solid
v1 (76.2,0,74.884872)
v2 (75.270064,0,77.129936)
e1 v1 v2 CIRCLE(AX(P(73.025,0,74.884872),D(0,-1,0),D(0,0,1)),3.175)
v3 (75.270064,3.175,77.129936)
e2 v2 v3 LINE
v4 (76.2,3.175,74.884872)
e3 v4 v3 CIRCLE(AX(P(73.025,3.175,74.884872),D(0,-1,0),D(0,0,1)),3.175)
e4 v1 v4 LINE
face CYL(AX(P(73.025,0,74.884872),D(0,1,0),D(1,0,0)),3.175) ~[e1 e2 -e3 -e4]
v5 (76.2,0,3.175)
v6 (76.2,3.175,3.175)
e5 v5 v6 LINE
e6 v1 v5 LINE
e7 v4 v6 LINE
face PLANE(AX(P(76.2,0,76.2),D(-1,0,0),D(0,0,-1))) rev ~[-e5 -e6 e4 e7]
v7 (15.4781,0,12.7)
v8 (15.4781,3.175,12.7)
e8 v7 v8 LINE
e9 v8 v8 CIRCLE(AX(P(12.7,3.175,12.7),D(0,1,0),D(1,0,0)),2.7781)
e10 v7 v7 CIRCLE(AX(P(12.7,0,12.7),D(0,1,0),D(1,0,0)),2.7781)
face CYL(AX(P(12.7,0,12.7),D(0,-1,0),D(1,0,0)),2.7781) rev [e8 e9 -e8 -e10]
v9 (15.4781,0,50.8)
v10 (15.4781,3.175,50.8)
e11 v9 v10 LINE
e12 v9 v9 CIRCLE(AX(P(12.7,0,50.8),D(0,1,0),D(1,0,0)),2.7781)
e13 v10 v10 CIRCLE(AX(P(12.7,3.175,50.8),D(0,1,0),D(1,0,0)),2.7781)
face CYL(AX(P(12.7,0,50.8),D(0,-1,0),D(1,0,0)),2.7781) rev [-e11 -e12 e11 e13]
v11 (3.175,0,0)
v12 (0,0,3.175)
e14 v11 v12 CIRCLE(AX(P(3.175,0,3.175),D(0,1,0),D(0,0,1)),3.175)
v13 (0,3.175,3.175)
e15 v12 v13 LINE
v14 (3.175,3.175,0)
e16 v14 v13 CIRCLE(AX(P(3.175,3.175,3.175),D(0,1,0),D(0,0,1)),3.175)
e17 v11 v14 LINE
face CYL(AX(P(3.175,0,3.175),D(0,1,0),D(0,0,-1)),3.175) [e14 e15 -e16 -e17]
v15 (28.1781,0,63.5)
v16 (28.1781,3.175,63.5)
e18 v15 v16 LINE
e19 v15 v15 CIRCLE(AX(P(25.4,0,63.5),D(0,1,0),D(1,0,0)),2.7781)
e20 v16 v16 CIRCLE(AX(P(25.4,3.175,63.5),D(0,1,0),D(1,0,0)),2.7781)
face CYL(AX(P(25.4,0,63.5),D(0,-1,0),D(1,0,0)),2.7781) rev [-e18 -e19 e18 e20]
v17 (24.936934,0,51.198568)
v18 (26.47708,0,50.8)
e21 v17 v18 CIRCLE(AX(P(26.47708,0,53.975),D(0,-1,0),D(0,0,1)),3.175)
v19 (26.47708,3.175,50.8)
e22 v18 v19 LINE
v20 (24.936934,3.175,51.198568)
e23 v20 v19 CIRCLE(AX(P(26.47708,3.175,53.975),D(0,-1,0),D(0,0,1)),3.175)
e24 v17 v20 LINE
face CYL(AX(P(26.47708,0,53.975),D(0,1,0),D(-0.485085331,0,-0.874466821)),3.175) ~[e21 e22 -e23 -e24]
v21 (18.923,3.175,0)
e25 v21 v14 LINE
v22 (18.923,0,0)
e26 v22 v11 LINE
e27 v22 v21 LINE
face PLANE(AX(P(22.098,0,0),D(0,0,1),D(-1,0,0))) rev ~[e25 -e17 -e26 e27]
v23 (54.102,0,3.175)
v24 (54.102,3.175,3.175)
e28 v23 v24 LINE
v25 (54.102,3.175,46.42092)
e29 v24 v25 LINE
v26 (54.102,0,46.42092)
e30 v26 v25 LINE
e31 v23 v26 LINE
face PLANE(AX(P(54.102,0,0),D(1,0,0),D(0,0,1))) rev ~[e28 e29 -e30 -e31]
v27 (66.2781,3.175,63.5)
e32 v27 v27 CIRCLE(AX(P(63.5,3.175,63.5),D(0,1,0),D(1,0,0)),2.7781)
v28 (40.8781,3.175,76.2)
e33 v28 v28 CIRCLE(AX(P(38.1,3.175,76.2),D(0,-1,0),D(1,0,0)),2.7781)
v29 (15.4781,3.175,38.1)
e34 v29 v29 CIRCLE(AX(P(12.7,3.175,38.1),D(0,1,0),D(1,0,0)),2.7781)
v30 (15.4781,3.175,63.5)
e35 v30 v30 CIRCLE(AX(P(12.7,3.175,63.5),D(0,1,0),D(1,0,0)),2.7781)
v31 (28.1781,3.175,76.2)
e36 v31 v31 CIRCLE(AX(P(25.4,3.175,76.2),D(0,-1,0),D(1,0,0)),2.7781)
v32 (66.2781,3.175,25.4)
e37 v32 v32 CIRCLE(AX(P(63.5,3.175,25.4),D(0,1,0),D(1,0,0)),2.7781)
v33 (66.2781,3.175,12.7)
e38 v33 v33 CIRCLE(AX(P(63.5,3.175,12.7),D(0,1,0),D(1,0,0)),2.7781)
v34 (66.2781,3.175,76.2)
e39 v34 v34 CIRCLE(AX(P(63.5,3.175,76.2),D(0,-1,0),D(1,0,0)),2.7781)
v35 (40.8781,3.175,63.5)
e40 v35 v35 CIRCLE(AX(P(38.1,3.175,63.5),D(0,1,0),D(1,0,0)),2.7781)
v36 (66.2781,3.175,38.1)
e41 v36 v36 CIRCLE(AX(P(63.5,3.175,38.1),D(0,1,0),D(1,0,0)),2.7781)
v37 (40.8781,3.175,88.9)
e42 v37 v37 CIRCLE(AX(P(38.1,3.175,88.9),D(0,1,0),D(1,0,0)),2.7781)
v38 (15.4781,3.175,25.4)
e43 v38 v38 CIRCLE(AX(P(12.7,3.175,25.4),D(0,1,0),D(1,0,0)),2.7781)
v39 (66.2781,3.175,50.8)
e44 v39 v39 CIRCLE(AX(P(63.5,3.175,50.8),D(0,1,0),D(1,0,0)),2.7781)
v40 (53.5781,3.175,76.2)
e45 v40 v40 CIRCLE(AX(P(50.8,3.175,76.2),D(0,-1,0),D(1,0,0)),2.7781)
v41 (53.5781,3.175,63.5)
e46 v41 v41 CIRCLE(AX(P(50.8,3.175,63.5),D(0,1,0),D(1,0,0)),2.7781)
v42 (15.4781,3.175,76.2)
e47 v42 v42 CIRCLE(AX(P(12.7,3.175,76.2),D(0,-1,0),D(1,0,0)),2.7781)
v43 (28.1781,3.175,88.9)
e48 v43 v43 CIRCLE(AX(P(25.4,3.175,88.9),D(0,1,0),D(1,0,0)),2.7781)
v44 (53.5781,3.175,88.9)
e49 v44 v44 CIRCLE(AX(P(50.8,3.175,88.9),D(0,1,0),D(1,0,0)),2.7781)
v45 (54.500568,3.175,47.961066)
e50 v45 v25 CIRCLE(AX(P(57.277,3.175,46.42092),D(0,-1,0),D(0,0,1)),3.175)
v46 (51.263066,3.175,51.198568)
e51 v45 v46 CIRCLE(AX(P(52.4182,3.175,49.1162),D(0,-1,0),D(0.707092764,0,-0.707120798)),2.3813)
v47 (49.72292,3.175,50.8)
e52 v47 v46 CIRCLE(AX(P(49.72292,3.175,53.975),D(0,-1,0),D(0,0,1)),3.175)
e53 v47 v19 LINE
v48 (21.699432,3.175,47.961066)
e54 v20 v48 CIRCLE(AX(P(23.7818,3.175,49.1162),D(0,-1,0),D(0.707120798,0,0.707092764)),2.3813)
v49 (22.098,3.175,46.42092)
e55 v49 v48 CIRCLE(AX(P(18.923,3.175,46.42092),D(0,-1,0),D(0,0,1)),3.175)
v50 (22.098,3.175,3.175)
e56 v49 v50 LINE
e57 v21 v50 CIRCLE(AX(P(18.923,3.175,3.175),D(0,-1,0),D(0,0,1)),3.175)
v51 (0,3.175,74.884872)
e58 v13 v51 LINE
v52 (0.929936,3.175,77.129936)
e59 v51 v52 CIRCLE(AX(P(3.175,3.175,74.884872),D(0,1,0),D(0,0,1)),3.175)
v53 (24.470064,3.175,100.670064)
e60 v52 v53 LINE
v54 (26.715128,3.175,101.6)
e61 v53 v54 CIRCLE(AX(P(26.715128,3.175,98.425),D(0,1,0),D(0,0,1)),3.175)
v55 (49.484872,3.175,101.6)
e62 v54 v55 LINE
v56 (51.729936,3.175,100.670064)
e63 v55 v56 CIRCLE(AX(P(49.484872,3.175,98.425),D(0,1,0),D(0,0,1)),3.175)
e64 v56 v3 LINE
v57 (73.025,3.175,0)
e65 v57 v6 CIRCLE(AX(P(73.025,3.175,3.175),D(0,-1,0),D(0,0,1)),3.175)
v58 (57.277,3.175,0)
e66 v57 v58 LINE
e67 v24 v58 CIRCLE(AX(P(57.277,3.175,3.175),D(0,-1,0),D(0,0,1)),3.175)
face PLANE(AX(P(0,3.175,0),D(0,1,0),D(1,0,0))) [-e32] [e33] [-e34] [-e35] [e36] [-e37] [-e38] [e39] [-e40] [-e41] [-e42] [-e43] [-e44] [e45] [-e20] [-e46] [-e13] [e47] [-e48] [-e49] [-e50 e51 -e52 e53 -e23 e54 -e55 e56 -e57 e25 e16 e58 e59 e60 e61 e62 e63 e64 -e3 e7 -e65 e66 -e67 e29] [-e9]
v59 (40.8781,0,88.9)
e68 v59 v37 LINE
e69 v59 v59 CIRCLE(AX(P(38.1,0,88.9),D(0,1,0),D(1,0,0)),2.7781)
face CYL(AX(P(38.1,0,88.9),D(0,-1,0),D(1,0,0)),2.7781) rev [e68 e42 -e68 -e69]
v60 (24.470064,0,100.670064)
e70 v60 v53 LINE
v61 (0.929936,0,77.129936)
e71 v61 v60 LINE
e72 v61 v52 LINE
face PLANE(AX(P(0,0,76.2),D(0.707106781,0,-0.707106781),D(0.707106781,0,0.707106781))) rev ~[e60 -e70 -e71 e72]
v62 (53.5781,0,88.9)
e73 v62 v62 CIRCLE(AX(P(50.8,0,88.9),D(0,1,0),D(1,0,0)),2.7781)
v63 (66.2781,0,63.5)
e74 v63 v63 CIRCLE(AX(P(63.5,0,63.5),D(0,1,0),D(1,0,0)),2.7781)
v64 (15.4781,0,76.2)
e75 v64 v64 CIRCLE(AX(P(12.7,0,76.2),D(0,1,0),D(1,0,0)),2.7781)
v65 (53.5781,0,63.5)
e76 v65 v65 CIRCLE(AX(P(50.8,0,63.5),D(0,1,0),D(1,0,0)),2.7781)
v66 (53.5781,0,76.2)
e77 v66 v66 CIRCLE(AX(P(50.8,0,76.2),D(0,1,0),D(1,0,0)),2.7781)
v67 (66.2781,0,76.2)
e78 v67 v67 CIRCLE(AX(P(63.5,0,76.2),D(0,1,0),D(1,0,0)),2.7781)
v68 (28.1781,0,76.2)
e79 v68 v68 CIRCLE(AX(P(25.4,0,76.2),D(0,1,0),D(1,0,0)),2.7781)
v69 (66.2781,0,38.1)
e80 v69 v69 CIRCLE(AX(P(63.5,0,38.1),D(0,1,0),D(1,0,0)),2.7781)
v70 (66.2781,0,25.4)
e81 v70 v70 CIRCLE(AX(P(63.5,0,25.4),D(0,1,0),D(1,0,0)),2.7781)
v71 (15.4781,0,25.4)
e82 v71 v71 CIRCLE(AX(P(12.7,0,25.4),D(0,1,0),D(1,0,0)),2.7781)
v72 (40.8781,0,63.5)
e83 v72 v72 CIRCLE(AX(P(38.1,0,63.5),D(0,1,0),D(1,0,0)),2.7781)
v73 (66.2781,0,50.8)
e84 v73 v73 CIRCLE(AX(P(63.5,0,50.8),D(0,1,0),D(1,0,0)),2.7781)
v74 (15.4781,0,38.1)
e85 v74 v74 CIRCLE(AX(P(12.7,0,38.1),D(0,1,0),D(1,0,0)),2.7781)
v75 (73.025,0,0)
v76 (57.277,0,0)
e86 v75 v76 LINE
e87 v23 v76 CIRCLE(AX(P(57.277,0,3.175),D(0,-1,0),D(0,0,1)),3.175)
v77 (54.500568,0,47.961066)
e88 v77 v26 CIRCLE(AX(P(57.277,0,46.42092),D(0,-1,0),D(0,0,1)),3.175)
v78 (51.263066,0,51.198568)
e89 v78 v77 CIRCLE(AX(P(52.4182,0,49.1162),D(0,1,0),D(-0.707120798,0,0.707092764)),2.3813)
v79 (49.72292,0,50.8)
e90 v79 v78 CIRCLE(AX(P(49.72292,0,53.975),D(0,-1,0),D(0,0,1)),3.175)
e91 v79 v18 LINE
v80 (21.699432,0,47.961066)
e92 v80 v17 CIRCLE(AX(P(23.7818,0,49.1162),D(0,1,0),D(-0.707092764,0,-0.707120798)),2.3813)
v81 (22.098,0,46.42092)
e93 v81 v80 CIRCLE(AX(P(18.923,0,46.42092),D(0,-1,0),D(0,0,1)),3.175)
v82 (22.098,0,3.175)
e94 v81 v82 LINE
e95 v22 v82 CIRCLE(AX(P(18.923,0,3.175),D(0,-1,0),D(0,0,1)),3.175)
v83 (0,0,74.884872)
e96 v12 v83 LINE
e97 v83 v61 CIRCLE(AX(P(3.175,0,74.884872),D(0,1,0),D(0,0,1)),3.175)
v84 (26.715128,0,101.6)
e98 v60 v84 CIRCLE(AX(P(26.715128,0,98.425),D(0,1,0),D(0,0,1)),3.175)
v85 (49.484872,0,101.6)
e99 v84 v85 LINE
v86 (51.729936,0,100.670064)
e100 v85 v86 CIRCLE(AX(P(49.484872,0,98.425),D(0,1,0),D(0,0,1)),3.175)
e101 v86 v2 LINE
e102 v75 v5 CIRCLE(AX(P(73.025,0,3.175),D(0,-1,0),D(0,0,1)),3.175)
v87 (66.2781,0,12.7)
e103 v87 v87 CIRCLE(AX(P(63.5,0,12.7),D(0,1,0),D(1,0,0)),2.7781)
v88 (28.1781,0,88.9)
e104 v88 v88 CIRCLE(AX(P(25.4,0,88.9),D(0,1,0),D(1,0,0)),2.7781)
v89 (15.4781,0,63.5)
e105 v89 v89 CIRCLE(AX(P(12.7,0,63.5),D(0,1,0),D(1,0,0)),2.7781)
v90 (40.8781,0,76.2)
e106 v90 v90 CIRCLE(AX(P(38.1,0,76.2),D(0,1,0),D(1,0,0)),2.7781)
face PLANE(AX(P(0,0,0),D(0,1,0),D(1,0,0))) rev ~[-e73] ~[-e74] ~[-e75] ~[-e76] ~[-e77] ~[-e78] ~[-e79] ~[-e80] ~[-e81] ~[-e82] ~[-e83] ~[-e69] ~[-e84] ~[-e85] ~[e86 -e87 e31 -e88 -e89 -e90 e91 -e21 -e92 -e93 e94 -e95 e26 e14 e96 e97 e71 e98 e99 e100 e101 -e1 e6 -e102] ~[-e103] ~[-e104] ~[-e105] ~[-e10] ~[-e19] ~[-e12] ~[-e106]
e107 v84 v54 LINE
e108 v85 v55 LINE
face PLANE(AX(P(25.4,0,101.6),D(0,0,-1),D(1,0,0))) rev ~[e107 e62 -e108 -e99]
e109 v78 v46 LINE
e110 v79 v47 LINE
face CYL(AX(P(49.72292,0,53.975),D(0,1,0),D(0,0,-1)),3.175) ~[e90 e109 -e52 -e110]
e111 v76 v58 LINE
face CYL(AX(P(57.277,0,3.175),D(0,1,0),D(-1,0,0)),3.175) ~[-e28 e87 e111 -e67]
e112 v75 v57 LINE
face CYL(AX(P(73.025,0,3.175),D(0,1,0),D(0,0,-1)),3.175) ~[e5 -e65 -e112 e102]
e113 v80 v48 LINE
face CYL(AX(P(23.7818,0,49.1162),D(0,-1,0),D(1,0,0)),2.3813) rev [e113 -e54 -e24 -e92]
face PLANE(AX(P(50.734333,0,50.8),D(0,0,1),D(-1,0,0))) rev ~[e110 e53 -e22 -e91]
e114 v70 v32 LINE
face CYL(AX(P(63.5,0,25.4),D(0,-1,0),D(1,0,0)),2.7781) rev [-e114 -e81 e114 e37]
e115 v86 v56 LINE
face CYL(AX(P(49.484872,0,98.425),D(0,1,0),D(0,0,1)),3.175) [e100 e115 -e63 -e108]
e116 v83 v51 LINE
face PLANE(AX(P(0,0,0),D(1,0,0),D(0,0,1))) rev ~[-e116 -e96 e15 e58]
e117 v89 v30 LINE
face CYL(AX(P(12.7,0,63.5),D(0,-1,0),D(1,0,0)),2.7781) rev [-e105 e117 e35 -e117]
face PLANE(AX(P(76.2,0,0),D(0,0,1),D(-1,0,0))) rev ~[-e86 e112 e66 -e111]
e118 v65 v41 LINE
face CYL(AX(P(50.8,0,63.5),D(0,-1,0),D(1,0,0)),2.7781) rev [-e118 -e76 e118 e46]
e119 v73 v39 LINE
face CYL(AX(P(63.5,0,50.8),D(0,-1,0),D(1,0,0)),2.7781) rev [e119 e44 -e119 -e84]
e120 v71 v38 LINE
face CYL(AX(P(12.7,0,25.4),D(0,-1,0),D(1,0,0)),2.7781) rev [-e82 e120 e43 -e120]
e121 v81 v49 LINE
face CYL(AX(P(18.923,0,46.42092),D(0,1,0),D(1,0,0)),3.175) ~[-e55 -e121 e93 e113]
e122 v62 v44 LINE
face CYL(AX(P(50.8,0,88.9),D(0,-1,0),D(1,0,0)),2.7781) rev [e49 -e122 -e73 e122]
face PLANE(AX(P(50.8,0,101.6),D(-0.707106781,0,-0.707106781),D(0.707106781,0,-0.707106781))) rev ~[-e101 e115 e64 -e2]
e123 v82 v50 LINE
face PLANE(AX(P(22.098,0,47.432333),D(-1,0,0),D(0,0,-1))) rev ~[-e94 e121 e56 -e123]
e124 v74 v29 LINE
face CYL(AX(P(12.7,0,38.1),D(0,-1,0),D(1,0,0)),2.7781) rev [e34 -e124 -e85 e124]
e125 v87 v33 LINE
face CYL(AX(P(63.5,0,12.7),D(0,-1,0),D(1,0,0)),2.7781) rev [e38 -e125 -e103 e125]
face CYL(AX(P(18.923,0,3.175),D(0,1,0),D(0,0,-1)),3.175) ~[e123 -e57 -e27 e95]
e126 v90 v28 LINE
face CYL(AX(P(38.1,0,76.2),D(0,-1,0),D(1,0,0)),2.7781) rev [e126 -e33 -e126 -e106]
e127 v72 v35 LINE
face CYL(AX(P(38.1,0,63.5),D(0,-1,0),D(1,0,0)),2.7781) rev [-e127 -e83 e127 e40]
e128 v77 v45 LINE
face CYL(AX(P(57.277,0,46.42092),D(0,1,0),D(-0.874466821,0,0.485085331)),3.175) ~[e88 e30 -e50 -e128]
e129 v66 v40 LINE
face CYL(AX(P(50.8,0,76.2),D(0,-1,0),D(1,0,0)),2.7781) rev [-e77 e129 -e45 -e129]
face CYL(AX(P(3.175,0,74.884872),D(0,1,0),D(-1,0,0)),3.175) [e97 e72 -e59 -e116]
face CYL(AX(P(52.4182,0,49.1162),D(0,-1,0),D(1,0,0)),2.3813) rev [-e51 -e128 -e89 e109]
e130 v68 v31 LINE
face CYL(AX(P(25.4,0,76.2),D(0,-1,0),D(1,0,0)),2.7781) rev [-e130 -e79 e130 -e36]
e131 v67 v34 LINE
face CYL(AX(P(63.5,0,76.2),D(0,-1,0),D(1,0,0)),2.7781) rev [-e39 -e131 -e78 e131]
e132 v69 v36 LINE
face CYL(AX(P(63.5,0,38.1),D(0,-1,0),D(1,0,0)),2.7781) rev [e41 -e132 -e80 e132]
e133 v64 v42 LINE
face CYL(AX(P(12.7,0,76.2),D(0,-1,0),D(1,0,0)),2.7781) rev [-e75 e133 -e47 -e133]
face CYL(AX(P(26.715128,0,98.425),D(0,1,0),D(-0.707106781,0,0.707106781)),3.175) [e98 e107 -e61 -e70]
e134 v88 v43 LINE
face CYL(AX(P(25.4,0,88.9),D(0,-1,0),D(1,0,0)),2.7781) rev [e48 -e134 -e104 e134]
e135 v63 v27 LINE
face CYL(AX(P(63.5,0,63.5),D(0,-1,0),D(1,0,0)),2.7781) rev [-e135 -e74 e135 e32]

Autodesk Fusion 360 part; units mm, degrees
sketch "Sketch1" plane through (0, 0, 0) normal (0, 1, 0) x (1, 0, 0)
  line L0 (0, 0) -> (0, -76.2)
  line L1 (0, -76.2) -> (76.2, -76.2)
  line L2 (76.2, -76.2) -> (76.2, 0)
  line L3 (76.2, 0) -> (54.102, 0)
  line L4 (54.102, 0) -> (54.102, -50.8)
  line L5 (54.102, -50.8) -> (22.098, -50.8)
  line L6 (22.098, -50.8) -> (22.098, 0)
  line L7 (22.098, 0) -> (0, 0)
  line L8 (12.7, 0) -> (12.7, -76.2) construction
  line L9 (38.1, -50.8) -> (38.1, -76.2) construction
  circle A0 centre (23.7818, -49.1162) radius 2.3813
  line L10 (23.7818, -49.1162) -> (23.7818, -50.8) construction
  line L11 (23.7818, -49.1162) -> (22.098, -49.1162) construction
  circle A1 centre (12.7, -12.7) radius 2.7781
  circle A2 centre (12.7, -25.4) radius 2.7781
  line L12 (12.7, -12.7) -> (12.7, -88.9) construction
  circle A3 centre (12.7, -38.1) radius 2.7781
  line L13 (12.7, -25.4) -> (12.7, -101.6) construction
  circle A4 centre (12.7, -50.8) radius 2.7781
  line L14 (12.7, -38.1) -> (12.7, -114.3) construction
  circle A5 centre (12.7, -63.5) radius 2.7781
  line L15 (12.7, -50.8) -> (12.7, -127) construction
  circle A6 centre (63.5, -38.1) radius 2.7781
  circle A7 centre (63.5, -50.8) radius 2.7781
  circle A8 centre (63.5, -63.5) radius 2.7781
  circle A9 centre (63.5, -25.4) radius 2.7781
  circle A10 centre (63.5, -12.7) radius 2.7781
  circle A11 centre (52.4182, -49.1162) radius 2.3813
  circle A12 centre (38.1, -63.5) radius 2.7781
  line L16 (0, -76.2) -> (25.4, -101.6)
  line L17 (25.4, -101.6) -> (50.8, -101.6)
  line L18 (50.8, -101.6) -> (76.2, -76.2)
  circle A13 centre (38.1, -76.2) radius 2.7781
  circle A14 centre (38.1, -88.9) radius 2.7781
  circle A15 centre (25.4, -63.5) radius 2.7781
  circle A16 centre (25.4, -76.2) radius 2.7781
  circle A17 centre (25.4, -88.9) radius 2.7781
  circle A18 centre (12.7, -76.2) radius 2.7781
  circle A19 centre (50.8, -63.5) radius 2.7781
  circle A20 centre (50.8, -76.2) radius 2.7781
  circle A21 centre (50.8, -88.9) radius 2.7781
  circle A22 centre (63.5, -76.2) radius 2.7781
  dimension "d1" = 76.2
  dimension "d3" = 32.004
  dimension "d4" = 50.8
  dimension "d6" = 76.2
  dimension "d7" = 12.7
  dimension "d8" = 4.7625
  dimension "d9" = 5.5563
  dimension "d10" = 12.7
  dimension "d13" = 0
  dimension "d14" = -50.8
  dimension "d17" = 25.4
  dimension "d18" = 0
  dimension "d25" = 25.4
  dimension "d26" = 25.4
  dimension "d29" = 25.4
  dimension "d30" = 0
  dimension "d33" = 12.7
  dimension "d34" = 0
  dimension "d37" = 0
  dimension "d38" = -25.4
  dimension "d41" = 0
  dimension "d42" = -12.7
extrude "Extrude1" add sketch "Sketch1" along normal blind 3.175 contours L0 L1 L2 L3 L4 L5 L6 L7 A0 A11 A13 A16 A18 A20 A22 | L1 L16 L17 L18 A13 A16 A18 A20 A22
fillet "Fillet1" radius 3.175 8 edges at (0, 1.5875, 0) (22.098, 1.5875, 0) (54.102, 1.5875, 0) (76.2, 1.5875, 0) (0, 1.5875, 76.2) (25.4, 1.5875, 101.6) (50.8, 1.5875, 101.6) (76.2, 1.5875, 76.2)
fillet "Fillet1" radius 3.175 4 edges at (25.4656, 1.5875, 50.8) (22.098, 1.5875, 47.4324) (50.7344, 1.5875, 50.8) (54.102, 1.5875, 47.4324)
sketch "DXF" plane through (0, 0, 0) normal (0, -1, 0) x (1, 0, 0)
  circle A0 centre (38.1, 76.2) radius 2.7781
  circle A1 centre (25.4, 76.2) radius 2.7781
  circle A2 centre (63.5, 12.7) radius 2.7781
  circle A3 centre (63.5, 25.4) radius 2.7781
  circle A4 centre (63.5, 63.5) radius 2.7781
  circle A5 centre (63.5, 50.8) radius 2.7781
  circle A6 centre (63.5, 38.1) radius 2.7781
  circle A7 centre (12.7, 63.5) radius 2.7781
  circle A8 centre (12.7, 12.7) radius 2.7781
  circle A9 centre (12.7, 25.4) radius 2.7781
  circle A10 centre (12.7, 38.1) radius 2.7781
  circle A11 centre (12.7, 50.8) radius 2.7781
  circle A12 centre (63.5, 76.2) radius 2.7781
  circle A13 centre (25.4, 63.5) radius 2.7781
  circle A14 centre (25.4, 88.9) radius 2.7781
  circle A15 centre (38.1, 88.9) radius 2.7781
  circle A16 centre (50.8, 76.2) radius 2.7781
  circle A17 centre (38.1, 63.5) radius 2.7781
  circle A18 centre (12.7, 76.2) radius 2.7781
  circle A19 centre (50.8, 88.9) radius 2.7781
  circle A20 centre (50.8, 63.5) radius 2.7781
  arc A21 (54.5005, 47.9611) -> (54.102, 46.421) centre (57.277, 46.421) ccw
  line L0 (54.102, 46.421) -> (54.102, 3.175)
  arc A22 (54.102, 3.175) -> (57.277, 0) centre (57.277, 3.175) ccw
  line L1 (57.277, 0) -> (73.025, 0)
  arc A23 (73.025, 0) -> (76.2, 3.175) centre (73.025, 3.175) ccw
  line L2 (76.2, 3.175) -> (76.2, 74.8849)
  arc A24 (76.2, 74.8849) -> (75.2701, 77.1299) centre (73.025, 74.8849) ccw
  line L3 (75.2701, 77.1299) -> (51.7299, 100.6701)
  arc A25 (51.7299, 100.6701) -> (49.4849, 101.6) centre (49.4849, 98.425) ccw
  line L4 (49.4849, 101.6) -> (26.7151, 101.6)
  arc A26 (26.7151, 101.6) -> (24.4701, 100.6701) centre (26.7151, 98.425) ccw
  line L5 (24.4701, 100.6701) -> (0.9299, 77.1299)
  arc A27 (0.9299, 77.1299) -> (0, 74.8849) centre (3.175, 74.8849) ccw
  line L6 (0, 74.8849) -> (0, 3.175)
  arc A28 (0, 3.175) -> (3.175, 0) centre (3.175, 3.175) ccw
  line L7 (3.175, 0) -> (18.923, 0)
  arc A29 (18.923, 0) -> (22.098, 3.175) centre (18.923, 3.175) ccw
  line L8 (22.098, 3.175) -> (22.098, 46.421)
  arc A30 (22.098, 46.421) -> (21.6995, 47.9611) centre (18.923, 46.421) ccw
  arc A31 (24.9369, 51.1985) -> (21.6995, 47.9611) centre (23.7818, 49.1162) ccw
  arc A32 (24.9369, 51.1985) -> (26.477, 50.8) centre (26.477, 53.975) ccw
  line L9 (26.477, 50.8) -> (49.723, 50.8)
  arc A33 (49.723, 50.8) -> (51.2631, 51.1985) centre (49.723, 53.975) ccw
  arc A34 (54.5005, 47.9611) -> (51.2631, 51.1985) centre (52.4182, 49.1162) ccw
equation "TOLERANCE = 0.01 in" comment "Tube size tolerance"
equation "d3 = 1 in + 2 * BRACKET_THICKNESS + TOLERANCE"
equation "d9 = HOLE_DIAMETER"
equation "HOLE_DIAMETER = ( 7 / 32 ) * 1 in"
equation "BRACKET_THICKNESS = ( 1 / 8 ) * 1 in" comment "Thickness of the bracket"
